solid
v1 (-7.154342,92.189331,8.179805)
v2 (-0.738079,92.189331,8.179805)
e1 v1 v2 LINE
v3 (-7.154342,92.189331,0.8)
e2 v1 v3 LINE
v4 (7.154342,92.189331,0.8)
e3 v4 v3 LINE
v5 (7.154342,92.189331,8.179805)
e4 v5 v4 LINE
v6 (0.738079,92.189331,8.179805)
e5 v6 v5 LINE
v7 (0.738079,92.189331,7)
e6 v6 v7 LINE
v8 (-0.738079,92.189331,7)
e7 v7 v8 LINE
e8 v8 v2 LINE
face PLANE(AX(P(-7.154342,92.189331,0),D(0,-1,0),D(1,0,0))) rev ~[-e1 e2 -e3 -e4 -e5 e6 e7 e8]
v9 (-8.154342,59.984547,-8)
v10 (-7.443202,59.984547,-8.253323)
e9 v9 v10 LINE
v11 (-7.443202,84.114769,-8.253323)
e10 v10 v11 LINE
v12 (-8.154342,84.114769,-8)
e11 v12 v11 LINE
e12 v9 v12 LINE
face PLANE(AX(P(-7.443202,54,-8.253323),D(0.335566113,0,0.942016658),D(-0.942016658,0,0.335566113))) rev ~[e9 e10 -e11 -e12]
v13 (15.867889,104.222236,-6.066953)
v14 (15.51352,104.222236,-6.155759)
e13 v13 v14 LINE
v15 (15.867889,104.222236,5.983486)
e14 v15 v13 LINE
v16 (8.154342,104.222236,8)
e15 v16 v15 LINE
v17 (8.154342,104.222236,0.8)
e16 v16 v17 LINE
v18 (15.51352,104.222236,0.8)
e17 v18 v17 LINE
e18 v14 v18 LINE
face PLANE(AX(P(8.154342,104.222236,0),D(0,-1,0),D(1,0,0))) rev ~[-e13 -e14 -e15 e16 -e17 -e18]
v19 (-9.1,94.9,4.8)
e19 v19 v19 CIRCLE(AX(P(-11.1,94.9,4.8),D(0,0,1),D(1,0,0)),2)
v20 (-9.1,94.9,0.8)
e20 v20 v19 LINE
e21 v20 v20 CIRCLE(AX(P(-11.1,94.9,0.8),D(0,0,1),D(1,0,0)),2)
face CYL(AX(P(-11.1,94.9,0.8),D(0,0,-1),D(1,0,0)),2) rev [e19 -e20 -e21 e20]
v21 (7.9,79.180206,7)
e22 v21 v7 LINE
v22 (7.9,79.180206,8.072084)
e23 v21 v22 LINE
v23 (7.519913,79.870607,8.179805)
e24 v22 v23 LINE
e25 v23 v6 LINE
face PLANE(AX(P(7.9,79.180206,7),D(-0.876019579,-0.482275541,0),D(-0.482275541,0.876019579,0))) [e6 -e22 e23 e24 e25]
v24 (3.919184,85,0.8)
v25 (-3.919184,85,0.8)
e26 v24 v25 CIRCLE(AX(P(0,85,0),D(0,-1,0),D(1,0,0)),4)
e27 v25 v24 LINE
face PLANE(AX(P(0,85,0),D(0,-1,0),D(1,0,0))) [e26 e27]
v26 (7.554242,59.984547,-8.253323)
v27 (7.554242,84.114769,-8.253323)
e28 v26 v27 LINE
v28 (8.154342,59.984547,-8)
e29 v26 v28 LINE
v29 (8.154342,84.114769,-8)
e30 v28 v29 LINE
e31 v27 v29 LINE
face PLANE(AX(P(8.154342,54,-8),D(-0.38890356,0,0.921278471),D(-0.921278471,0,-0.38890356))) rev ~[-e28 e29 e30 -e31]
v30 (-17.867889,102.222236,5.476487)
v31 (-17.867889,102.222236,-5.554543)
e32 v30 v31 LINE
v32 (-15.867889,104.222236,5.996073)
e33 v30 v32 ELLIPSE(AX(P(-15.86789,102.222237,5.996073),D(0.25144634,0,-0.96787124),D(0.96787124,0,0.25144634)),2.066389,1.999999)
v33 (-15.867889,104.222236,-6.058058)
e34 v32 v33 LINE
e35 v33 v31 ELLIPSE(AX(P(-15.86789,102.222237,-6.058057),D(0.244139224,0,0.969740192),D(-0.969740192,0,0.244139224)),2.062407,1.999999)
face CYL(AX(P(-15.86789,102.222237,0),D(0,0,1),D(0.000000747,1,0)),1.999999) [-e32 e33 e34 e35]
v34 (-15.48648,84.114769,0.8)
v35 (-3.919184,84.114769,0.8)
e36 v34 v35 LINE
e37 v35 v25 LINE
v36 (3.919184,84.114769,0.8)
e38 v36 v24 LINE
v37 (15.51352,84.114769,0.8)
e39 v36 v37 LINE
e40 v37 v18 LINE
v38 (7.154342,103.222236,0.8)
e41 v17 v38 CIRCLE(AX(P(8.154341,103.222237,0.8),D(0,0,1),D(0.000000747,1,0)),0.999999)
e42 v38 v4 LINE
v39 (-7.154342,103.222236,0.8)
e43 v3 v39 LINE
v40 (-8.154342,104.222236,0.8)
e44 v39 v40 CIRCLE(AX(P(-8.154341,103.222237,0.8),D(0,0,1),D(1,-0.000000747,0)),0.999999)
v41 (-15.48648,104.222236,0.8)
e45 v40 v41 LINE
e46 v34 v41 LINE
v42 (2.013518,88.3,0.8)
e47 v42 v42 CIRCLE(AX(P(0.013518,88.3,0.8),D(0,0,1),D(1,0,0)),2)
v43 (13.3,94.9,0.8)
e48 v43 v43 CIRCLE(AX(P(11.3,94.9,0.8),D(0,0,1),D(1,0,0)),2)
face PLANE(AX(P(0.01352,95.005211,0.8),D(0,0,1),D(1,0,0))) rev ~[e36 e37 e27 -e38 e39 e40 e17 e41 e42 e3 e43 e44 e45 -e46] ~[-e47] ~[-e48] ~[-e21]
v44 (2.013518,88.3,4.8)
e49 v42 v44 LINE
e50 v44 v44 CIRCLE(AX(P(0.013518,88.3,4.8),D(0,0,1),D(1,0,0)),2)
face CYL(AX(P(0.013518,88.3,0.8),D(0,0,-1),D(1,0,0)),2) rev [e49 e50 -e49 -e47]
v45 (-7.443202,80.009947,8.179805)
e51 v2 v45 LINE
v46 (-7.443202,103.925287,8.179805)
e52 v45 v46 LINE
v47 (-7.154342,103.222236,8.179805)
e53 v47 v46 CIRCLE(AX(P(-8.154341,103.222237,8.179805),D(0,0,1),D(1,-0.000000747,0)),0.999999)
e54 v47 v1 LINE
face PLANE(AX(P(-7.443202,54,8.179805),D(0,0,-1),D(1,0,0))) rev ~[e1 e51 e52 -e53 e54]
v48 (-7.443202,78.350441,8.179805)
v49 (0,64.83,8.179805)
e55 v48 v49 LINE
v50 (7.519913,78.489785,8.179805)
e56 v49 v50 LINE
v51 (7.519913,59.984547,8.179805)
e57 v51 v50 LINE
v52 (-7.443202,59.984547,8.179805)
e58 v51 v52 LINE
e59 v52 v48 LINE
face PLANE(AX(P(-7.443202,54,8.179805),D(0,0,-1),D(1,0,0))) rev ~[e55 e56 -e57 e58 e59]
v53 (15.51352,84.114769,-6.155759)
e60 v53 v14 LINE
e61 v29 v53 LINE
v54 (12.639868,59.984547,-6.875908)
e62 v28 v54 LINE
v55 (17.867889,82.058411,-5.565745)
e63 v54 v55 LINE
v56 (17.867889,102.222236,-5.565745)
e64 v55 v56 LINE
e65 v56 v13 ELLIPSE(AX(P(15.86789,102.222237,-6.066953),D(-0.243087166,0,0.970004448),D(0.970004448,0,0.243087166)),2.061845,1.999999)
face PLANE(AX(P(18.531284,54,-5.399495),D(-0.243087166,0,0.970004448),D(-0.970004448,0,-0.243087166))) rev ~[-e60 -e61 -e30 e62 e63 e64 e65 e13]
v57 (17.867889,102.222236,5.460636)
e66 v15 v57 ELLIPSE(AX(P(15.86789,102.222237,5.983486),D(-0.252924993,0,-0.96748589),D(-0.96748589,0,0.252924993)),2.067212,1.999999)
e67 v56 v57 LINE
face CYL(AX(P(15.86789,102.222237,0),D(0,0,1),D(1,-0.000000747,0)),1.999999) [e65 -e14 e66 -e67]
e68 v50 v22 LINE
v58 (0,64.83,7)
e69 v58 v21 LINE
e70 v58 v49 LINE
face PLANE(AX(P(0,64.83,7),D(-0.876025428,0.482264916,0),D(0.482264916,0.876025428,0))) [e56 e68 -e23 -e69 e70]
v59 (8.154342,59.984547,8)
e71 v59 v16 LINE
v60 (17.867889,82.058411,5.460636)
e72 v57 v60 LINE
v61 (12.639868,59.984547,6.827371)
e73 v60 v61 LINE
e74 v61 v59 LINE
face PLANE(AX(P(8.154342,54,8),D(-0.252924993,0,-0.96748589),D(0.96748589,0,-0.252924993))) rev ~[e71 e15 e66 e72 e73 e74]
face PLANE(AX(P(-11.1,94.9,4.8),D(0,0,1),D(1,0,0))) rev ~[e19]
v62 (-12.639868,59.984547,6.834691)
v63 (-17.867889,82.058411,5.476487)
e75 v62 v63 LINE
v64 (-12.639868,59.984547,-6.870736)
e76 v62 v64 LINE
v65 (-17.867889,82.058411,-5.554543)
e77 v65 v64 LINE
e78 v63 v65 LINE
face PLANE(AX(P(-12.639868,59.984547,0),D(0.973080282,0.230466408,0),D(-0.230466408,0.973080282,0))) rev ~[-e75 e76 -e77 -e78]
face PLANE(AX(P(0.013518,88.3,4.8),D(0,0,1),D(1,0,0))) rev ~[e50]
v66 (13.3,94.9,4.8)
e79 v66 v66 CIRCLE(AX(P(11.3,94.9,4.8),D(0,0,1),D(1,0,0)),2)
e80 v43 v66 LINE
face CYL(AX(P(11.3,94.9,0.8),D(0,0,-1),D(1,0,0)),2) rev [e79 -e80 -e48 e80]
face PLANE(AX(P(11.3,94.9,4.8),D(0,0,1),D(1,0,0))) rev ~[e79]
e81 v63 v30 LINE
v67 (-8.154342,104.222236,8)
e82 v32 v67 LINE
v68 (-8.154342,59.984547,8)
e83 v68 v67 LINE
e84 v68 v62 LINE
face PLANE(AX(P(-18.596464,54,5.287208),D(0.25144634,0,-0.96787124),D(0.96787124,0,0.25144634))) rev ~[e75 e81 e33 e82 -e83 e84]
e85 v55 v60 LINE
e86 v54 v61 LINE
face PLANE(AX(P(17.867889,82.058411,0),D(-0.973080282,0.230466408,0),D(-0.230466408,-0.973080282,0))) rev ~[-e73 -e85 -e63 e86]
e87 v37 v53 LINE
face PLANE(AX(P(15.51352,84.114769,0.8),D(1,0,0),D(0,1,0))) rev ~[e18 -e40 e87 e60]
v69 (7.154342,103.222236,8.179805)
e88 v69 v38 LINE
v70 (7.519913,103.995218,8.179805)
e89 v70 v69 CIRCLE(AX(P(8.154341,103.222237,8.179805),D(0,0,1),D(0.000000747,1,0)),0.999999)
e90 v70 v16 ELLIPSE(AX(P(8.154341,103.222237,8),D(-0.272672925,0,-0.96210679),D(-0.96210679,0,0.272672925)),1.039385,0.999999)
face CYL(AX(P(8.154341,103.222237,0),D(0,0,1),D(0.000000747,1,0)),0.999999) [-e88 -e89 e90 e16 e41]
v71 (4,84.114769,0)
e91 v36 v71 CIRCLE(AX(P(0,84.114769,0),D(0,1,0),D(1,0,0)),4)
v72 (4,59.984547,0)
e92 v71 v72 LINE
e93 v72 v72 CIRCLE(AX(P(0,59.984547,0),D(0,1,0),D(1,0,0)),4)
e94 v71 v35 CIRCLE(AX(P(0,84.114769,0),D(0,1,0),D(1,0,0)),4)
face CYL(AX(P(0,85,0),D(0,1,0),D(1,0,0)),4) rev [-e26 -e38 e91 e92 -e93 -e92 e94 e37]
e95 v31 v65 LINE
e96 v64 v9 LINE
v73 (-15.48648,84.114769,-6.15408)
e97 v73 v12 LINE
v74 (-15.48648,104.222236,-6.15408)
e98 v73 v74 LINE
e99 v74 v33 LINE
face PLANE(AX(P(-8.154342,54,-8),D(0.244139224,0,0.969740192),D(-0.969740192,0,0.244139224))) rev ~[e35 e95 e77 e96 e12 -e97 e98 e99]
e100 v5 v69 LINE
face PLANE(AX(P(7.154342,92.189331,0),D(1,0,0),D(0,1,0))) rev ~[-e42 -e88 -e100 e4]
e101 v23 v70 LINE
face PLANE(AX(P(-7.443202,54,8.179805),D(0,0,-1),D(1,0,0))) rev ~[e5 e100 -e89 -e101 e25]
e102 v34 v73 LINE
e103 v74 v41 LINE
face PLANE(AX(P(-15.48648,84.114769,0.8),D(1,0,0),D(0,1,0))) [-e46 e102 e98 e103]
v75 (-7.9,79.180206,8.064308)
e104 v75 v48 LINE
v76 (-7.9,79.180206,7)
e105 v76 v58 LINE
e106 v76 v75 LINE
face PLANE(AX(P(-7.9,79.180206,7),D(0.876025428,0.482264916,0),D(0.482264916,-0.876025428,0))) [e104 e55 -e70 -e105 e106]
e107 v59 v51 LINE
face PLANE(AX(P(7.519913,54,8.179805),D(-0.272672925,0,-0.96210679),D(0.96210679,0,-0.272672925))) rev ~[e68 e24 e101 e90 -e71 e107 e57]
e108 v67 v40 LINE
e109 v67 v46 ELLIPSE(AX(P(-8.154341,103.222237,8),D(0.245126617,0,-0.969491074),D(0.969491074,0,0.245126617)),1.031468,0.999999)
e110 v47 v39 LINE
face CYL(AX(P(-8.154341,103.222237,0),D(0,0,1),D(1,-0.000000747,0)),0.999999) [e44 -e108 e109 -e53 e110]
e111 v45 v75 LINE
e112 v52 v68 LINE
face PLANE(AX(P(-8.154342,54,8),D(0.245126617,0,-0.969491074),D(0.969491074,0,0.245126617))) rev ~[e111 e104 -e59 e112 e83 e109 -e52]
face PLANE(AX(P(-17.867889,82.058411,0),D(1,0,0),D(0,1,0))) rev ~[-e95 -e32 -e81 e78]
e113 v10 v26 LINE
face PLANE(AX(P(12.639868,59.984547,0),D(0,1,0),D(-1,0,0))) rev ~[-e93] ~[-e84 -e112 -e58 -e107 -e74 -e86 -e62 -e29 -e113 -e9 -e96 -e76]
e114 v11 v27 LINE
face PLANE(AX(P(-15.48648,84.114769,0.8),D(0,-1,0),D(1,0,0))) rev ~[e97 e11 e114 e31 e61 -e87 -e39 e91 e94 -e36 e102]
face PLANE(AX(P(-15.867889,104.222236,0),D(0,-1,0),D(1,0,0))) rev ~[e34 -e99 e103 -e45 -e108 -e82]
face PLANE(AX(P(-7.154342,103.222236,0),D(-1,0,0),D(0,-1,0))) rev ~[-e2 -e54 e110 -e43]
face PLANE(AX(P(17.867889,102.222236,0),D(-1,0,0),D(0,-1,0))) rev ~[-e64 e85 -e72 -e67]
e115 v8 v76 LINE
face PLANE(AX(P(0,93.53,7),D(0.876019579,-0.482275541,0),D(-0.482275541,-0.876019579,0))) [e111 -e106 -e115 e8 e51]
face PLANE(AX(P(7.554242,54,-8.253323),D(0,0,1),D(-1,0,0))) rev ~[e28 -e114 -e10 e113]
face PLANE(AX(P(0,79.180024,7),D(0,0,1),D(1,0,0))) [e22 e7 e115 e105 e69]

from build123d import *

# Parameters (mm, degrees)
PAD_DEPTH       = 12
POCKET_DEPTH    = 62
SKETCH019_W     = 31
SKETCH019_H     = 21.780884
POCKET002_DEPTH = 17
SKETCH020_R     = 2
POCKET003_DEPTH = 4
CYLINDER_R      = 4
CYLINDER_DEPTH  = 28
POCKET032_DEPTH = 5


with BuildPart() as part:
    # Sketch010 → Pad (new body, symmetric)
    with BuildSketch(Plane.XY):
        with BuildLine():
            Line((12.639868, 59.984547), (-12.639868, 59.984547))
            Line((-12.639868, 59.984547), (-17.867889, 82.058411))
            Line((-17.867889, 82.058411), (-17.867889, 102.222236))
            ThreePointArc((-15.867889, 104.222236), (-17.282103, 103.63645), (-17.867889, 102.222236))
            Line((-15.867889, 104.222236), (-8.154342, 104.222236))
            ThreePointArc((-7.154342, 103.222236), (-7.447235, 103.929343), (-8.154342, 104.222236))
            Line((-7.154342, 103.222236), (-7.154342, 92.189331))
            Line((-7.154342, 92.189331), (7.154342, 92.189331))
            Line((7.154342, 92.189331), (7.154342, 103.222236))
            ThreePointArc((8.154342, 104.222236), (7.447235, 103.929343), (7.154342, 103.222236))
            Line((8.154342, 104.222236), (15.867889, 104.222236))
            ThreePointArc((17.867889, 102.222236), (17.282103, 103.63645), (15.867889, 104.222236))
            Line((17.867889, 102.222236), (17.867889, 82.058411))
            Line((17.867889, 82.058411), (12.639868, 59.984547))
        make_face()
    extrude(amount=PAD_DEPTH, both=True)

    # Sketch011 → Pocket (cut)
    with BuildSketch(Plane.XZ.offset(-54)):
        Polygon((0, 13.813917), (-22.117895, 13.813917), (-22.117895, -0.189388), (-22.117895, -17.743416), (0, -17.743416), (22.658901, -17.743416), (22.658901, -0.111897), (22.658901, 13.813917), align=None)
        Polygon((-18.596464, 0), (-18.596464, 5.287208), (-8.154342, 8), (-7.443202, 8.179805), (0, 8.179805), (7.519913, 8.179805), (8.154342, 8), (18.531284, 5.287208), (18.531284, -0.112287), (18.531284, -5.399495), (8.154342, -8), (7.554242, -8.253323), (0.11104, -8.253323), (-7.443202, -8.253323), (-8.154342, -8), (-18.596464, -5.371119), align=None, mode=Mode.SUBTRACT)
    extrude(amount=-POCKET_DEPTH, mode=Mode.SUBTRACT)

    # Sketch019 → Pocket002 (cut)
    with BuildSketch(Plane.XY.offset(0.8)):
        with Locations((0.01352, 95.005211)):
            Rectangle(SKETCH019_W, SKETCH019_H)
    extrude(amount=-POCKET002_DEPTH, mode=Mode.SUBTRACT)

    # Sketch020 → Pocket003 (cut)
    with BuildSketch(Plane.XY.offset(0.8)):
        with Locations((-11.1, 94.9)):
            Circle(SKETCH020_R)
        with Locations((11.3, 94.9)):
            Circle(SKETCH020_R)
        with Locations((0.013518, 88.3)):
            Circle(SKETCH020_R)
    extrude(amount=POCKET003_DEPTH, mode=Mode.SUBTRACT)

    # Cylinder → Cylinder (cut)
    with BuildSketch(Plane.XZ.offset(-85)):
        Circle(CYLINDER_R)
    extrude(amount=CYLINDER_DEPTH, mode=Mode.SUBTRACT)

    # Sketch067 → Pocket032 (cut)
    with BuildSketch(Plane.XY.offset(7)):
        Polygon((-7.9, 79.180206), (0, 64.83), (7.9, 79.180206), (0, 93.53), align=None)
    extrude(amount=POCKET032_DEPTH, mode=Mode.SUBTRACT)


solid = part.part
